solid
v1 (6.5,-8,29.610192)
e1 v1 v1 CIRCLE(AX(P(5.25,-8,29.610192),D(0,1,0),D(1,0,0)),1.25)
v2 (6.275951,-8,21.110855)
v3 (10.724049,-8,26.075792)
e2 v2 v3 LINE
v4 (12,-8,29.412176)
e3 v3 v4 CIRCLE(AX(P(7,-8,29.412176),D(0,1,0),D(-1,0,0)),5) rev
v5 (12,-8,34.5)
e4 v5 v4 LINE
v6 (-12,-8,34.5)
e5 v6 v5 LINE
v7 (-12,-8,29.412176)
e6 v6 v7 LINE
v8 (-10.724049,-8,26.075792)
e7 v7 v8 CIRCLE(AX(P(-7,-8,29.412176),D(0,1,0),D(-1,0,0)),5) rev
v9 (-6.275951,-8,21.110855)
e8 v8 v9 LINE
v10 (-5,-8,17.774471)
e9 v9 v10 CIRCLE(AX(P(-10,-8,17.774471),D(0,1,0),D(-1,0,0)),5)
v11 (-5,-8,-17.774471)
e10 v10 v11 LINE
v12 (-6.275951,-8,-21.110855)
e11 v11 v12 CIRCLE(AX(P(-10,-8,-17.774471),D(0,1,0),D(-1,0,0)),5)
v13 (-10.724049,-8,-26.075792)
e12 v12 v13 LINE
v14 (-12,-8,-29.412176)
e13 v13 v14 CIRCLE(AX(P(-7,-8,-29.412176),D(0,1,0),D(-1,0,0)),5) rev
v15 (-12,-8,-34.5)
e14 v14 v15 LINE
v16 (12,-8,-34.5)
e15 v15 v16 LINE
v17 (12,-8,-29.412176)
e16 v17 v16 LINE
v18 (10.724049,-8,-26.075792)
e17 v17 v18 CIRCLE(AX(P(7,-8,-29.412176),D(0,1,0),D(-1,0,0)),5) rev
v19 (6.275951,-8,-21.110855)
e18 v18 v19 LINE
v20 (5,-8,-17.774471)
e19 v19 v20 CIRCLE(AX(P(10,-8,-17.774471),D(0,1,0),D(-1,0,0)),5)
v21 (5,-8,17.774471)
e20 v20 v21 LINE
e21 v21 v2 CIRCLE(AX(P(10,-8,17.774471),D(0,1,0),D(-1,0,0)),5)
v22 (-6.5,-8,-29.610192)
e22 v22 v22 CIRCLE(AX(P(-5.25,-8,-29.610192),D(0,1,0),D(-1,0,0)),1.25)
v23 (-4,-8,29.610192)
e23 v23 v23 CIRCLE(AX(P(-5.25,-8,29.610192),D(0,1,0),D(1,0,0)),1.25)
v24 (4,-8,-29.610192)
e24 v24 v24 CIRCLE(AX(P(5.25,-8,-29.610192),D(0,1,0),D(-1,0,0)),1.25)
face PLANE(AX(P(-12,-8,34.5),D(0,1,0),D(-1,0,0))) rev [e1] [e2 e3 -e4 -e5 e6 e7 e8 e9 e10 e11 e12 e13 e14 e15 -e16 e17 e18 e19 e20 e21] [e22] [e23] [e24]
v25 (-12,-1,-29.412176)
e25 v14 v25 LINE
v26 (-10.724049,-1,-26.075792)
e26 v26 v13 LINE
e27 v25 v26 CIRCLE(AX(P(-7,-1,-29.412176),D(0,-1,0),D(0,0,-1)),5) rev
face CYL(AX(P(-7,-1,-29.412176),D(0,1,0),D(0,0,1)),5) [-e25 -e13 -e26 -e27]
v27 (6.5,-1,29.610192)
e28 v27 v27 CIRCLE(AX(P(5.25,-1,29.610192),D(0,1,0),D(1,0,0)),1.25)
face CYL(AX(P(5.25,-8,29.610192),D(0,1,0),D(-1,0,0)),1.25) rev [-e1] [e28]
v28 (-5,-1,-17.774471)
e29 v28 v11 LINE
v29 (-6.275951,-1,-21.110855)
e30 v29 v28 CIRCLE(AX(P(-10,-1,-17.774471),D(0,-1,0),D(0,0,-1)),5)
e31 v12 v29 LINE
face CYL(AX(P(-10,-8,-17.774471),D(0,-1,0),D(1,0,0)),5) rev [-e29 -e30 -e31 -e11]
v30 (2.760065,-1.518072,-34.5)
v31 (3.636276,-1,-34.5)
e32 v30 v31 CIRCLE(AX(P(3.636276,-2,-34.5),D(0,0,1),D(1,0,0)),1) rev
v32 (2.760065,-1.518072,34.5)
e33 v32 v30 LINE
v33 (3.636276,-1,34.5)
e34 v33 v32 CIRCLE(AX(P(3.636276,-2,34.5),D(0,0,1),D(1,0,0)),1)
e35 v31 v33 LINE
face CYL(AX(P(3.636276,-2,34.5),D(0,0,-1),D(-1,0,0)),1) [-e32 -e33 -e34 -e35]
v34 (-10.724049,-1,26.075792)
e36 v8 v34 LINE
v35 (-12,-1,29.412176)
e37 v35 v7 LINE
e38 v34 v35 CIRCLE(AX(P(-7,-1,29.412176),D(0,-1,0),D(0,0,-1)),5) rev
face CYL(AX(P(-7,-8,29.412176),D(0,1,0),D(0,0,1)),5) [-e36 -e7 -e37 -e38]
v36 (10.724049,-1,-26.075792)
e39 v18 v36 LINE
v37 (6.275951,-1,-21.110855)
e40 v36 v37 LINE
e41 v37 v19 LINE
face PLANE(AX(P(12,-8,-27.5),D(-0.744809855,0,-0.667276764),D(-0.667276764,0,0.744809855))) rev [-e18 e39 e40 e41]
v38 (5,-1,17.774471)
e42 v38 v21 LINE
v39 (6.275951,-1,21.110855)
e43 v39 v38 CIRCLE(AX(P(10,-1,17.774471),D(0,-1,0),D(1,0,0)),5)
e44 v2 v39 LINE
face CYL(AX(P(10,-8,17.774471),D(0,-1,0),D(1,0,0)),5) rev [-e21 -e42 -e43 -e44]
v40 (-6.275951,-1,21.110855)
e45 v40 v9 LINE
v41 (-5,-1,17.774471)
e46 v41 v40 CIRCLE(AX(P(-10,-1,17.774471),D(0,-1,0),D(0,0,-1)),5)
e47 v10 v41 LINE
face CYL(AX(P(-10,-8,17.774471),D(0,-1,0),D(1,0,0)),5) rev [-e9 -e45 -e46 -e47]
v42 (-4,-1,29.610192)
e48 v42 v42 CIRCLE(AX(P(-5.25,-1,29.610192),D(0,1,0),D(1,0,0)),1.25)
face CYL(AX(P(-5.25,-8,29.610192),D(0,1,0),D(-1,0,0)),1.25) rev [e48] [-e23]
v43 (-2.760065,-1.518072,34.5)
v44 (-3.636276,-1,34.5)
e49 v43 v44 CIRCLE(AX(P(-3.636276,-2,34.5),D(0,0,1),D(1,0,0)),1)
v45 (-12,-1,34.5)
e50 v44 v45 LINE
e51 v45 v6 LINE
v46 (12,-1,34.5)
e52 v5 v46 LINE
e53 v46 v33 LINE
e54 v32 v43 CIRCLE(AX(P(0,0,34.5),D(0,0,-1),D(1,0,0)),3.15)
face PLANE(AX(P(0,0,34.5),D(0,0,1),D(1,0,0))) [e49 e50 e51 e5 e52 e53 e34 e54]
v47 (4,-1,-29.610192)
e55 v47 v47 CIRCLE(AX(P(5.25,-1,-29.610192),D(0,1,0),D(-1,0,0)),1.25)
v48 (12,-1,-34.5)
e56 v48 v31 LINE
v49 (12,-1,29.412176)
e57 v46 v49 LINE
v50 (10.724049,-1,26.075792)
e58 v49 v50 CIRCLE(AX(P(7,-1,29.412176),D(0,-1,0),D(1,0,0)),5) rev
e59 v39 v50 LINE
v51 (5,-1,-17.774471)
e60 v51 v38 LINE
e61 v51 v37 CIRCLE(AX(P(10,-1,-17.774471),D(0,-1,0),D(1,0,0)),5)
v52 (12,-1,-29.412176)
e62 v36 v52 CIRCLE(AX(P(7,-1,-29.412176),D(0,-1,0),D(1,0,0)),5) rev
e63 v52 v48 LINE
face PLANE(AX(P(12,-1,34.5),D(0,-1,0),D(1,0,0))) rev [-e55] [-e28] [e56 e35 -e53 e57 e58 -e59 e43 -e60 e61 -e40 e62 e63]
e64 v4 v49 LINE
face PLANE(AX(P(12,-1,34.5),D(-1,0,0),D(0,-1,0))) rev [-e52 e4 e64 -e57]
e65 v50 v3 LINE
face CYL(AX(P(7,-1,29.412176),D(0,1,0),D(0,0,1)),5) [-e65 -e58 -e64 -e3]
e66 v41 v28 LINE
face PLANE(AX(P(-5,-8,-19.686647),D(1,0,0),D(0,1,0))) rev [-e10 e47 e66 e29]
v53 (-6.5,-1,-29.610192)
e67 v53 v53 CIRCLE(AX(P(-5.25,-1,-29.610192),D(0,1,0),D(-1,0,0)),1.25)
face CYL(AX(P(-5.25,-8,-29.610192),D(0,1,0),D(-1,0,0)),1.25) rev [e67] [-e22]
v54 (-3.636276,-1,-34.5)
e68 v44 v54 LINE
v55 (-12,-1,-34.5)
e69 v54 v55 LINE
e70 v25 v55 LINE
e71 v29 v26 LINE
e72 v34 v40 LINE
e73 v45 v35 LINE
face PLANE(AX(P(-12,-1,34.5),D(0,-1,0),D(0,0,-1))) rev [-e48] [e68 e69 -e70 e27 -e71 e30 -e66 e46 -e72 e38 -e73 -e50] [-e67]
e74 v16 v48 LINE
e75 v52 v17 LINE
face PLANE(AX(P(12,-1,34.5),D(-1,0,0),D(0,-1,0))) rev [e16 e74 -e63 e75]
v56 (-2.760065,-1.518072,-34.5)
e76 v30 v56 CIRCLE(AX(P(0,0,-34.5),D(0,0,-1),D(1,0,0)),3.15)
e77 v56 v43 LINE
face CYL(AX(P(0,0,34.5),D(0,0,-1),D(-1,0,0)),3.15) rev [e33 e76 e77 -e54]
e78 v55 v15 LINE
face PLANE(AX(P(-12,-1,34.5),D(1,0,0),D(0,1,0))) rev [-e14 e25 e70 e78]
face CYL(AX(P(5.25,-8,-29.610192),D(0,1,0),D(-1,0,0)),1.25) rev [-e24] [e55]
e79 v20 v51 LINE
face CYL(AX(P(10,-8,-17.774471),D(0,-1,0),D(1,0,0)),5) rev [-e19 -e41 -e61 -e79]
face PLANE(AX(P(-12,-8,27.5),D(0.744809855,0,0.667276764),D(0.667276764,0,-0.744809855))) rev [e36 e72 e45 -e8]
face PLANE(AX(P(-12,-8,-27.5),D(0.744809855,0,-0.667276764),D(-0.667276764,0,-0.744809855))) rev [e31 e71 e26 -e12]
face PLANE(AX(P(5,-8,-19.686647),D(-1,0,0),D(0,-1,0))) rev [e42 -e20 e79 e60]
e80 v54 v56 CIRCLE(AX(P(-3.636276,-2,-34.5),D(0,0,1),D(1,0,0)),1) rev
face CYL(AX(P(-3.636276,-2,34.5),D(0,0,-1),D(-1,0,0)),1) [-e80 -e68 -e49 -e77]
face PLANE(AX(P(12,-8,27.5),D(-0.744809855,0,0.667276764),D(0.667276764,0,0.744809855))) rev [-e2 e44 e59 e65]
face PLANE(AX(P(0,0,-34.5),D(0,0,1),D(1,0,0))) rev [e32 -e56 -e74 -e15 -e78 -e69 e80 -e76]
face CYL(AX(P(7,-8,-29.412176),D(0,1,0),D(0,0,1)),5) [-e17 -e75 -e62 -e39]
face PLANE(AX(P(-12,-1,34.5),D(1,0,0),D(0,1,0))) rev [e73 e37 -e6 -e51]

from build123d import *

# Parameters (mm, degrees)
BOSS_EXTRUDE1_DEPTH = 34.5
FILLET1_R           = 1
CUT_EXTRUDE1_DEPTH  = 8
FILLET2_R           = 5
SKETCH3_R           = 1.25
CUT_EXTRUDE2_DEPTH  = 8


with BuildPart() as part:
    # Sketch1 → Boss-Extrude1 (new body, symmetric)
    with BuildSketch(Plane.XY):
        with BuildLine():
            Line((-12, -1), (-2.987055406, -1))
            ThreePointArc((-2.987055406, -1), (0, -3.15), (2.987055406, -1))
            Line((2.987055406, -1), (12, -1))
            Line((12, -1), (12, -8))
            Line((12, -8), (-12, -8))
            Line((-12, -8), (-12, -1))
        make_face()
    extrude(amount=BOSS_EXTRUDE1_DEPTH, both=True)

    # Fillet1
    fillet1_edges = [part.edges().sort_by_distance(p)[0] for p in [
        (-2.987055406, -1, 0),
        (2.987055406, -1, 0),
    ]]
    fillet(fillet1_edges, radius=FILLET1_R)

    # Sketch2 → Cut-Extrude1 (cut, through all)
    with BuildSketch(Plane(origin=(0, -1, 0), x_dir=(1, 0, 0), z_dir=(0, 1, 0))):
        Polygon((-12, 27.5), (-5, 19.686646885), (-5, -19.686646885), (-12, -27.5), align=None)
        Polygon((12, -27.5), (5, -19.686646885), (5, 19.686646885), (12, 27.5), align=None)
    extrude(amount=-CUT_EXTRUDE1_DEPTH, mode=Mode.SUBTRACT)

    # Fillet2
    fillet2_edges = [part.edges().sort_by_distance(p)[0] for p in [
        (-12, -4.5, 27.5),
        (-12, -4.5, -27.5),
        (-5, -4.5, -19.686646885),
        (-5, -4.5, 19.686646885),
        (12, -4.5, -27.5),
        (12, -4.5, 27.5),
        (5, -4.5, 19.686646885),
        (5, -4.5, -19.686646885),
    ]]
    fillet(fillet2_edges, radius=FILLET2_R)

    # Sketch3 → Cut-Extrude2 (cut, through all)
    with BuildSketch(Plane(origin=(0, -1, 0), x_dir=(1, 0, 0), z_dir=(0, 1, 0))):
        with Locations((5.25, 29.610191819)):
            Circle(SKETCH3_R)
        with Locations((-5.25, 29.610191819)):
            Circle(SKETCH3_R)
        with Locations((-5.25, -29.610191819)):
            Circle(SKETCH3_R)
        with Locations((5.25, -29.610191819)):
            Circle(SKETCH3_R)
    extrude(amount=-CUT_EXTRUDE2_DEPTH, mode=Mode.SUBTRACT)


solid = part.part
